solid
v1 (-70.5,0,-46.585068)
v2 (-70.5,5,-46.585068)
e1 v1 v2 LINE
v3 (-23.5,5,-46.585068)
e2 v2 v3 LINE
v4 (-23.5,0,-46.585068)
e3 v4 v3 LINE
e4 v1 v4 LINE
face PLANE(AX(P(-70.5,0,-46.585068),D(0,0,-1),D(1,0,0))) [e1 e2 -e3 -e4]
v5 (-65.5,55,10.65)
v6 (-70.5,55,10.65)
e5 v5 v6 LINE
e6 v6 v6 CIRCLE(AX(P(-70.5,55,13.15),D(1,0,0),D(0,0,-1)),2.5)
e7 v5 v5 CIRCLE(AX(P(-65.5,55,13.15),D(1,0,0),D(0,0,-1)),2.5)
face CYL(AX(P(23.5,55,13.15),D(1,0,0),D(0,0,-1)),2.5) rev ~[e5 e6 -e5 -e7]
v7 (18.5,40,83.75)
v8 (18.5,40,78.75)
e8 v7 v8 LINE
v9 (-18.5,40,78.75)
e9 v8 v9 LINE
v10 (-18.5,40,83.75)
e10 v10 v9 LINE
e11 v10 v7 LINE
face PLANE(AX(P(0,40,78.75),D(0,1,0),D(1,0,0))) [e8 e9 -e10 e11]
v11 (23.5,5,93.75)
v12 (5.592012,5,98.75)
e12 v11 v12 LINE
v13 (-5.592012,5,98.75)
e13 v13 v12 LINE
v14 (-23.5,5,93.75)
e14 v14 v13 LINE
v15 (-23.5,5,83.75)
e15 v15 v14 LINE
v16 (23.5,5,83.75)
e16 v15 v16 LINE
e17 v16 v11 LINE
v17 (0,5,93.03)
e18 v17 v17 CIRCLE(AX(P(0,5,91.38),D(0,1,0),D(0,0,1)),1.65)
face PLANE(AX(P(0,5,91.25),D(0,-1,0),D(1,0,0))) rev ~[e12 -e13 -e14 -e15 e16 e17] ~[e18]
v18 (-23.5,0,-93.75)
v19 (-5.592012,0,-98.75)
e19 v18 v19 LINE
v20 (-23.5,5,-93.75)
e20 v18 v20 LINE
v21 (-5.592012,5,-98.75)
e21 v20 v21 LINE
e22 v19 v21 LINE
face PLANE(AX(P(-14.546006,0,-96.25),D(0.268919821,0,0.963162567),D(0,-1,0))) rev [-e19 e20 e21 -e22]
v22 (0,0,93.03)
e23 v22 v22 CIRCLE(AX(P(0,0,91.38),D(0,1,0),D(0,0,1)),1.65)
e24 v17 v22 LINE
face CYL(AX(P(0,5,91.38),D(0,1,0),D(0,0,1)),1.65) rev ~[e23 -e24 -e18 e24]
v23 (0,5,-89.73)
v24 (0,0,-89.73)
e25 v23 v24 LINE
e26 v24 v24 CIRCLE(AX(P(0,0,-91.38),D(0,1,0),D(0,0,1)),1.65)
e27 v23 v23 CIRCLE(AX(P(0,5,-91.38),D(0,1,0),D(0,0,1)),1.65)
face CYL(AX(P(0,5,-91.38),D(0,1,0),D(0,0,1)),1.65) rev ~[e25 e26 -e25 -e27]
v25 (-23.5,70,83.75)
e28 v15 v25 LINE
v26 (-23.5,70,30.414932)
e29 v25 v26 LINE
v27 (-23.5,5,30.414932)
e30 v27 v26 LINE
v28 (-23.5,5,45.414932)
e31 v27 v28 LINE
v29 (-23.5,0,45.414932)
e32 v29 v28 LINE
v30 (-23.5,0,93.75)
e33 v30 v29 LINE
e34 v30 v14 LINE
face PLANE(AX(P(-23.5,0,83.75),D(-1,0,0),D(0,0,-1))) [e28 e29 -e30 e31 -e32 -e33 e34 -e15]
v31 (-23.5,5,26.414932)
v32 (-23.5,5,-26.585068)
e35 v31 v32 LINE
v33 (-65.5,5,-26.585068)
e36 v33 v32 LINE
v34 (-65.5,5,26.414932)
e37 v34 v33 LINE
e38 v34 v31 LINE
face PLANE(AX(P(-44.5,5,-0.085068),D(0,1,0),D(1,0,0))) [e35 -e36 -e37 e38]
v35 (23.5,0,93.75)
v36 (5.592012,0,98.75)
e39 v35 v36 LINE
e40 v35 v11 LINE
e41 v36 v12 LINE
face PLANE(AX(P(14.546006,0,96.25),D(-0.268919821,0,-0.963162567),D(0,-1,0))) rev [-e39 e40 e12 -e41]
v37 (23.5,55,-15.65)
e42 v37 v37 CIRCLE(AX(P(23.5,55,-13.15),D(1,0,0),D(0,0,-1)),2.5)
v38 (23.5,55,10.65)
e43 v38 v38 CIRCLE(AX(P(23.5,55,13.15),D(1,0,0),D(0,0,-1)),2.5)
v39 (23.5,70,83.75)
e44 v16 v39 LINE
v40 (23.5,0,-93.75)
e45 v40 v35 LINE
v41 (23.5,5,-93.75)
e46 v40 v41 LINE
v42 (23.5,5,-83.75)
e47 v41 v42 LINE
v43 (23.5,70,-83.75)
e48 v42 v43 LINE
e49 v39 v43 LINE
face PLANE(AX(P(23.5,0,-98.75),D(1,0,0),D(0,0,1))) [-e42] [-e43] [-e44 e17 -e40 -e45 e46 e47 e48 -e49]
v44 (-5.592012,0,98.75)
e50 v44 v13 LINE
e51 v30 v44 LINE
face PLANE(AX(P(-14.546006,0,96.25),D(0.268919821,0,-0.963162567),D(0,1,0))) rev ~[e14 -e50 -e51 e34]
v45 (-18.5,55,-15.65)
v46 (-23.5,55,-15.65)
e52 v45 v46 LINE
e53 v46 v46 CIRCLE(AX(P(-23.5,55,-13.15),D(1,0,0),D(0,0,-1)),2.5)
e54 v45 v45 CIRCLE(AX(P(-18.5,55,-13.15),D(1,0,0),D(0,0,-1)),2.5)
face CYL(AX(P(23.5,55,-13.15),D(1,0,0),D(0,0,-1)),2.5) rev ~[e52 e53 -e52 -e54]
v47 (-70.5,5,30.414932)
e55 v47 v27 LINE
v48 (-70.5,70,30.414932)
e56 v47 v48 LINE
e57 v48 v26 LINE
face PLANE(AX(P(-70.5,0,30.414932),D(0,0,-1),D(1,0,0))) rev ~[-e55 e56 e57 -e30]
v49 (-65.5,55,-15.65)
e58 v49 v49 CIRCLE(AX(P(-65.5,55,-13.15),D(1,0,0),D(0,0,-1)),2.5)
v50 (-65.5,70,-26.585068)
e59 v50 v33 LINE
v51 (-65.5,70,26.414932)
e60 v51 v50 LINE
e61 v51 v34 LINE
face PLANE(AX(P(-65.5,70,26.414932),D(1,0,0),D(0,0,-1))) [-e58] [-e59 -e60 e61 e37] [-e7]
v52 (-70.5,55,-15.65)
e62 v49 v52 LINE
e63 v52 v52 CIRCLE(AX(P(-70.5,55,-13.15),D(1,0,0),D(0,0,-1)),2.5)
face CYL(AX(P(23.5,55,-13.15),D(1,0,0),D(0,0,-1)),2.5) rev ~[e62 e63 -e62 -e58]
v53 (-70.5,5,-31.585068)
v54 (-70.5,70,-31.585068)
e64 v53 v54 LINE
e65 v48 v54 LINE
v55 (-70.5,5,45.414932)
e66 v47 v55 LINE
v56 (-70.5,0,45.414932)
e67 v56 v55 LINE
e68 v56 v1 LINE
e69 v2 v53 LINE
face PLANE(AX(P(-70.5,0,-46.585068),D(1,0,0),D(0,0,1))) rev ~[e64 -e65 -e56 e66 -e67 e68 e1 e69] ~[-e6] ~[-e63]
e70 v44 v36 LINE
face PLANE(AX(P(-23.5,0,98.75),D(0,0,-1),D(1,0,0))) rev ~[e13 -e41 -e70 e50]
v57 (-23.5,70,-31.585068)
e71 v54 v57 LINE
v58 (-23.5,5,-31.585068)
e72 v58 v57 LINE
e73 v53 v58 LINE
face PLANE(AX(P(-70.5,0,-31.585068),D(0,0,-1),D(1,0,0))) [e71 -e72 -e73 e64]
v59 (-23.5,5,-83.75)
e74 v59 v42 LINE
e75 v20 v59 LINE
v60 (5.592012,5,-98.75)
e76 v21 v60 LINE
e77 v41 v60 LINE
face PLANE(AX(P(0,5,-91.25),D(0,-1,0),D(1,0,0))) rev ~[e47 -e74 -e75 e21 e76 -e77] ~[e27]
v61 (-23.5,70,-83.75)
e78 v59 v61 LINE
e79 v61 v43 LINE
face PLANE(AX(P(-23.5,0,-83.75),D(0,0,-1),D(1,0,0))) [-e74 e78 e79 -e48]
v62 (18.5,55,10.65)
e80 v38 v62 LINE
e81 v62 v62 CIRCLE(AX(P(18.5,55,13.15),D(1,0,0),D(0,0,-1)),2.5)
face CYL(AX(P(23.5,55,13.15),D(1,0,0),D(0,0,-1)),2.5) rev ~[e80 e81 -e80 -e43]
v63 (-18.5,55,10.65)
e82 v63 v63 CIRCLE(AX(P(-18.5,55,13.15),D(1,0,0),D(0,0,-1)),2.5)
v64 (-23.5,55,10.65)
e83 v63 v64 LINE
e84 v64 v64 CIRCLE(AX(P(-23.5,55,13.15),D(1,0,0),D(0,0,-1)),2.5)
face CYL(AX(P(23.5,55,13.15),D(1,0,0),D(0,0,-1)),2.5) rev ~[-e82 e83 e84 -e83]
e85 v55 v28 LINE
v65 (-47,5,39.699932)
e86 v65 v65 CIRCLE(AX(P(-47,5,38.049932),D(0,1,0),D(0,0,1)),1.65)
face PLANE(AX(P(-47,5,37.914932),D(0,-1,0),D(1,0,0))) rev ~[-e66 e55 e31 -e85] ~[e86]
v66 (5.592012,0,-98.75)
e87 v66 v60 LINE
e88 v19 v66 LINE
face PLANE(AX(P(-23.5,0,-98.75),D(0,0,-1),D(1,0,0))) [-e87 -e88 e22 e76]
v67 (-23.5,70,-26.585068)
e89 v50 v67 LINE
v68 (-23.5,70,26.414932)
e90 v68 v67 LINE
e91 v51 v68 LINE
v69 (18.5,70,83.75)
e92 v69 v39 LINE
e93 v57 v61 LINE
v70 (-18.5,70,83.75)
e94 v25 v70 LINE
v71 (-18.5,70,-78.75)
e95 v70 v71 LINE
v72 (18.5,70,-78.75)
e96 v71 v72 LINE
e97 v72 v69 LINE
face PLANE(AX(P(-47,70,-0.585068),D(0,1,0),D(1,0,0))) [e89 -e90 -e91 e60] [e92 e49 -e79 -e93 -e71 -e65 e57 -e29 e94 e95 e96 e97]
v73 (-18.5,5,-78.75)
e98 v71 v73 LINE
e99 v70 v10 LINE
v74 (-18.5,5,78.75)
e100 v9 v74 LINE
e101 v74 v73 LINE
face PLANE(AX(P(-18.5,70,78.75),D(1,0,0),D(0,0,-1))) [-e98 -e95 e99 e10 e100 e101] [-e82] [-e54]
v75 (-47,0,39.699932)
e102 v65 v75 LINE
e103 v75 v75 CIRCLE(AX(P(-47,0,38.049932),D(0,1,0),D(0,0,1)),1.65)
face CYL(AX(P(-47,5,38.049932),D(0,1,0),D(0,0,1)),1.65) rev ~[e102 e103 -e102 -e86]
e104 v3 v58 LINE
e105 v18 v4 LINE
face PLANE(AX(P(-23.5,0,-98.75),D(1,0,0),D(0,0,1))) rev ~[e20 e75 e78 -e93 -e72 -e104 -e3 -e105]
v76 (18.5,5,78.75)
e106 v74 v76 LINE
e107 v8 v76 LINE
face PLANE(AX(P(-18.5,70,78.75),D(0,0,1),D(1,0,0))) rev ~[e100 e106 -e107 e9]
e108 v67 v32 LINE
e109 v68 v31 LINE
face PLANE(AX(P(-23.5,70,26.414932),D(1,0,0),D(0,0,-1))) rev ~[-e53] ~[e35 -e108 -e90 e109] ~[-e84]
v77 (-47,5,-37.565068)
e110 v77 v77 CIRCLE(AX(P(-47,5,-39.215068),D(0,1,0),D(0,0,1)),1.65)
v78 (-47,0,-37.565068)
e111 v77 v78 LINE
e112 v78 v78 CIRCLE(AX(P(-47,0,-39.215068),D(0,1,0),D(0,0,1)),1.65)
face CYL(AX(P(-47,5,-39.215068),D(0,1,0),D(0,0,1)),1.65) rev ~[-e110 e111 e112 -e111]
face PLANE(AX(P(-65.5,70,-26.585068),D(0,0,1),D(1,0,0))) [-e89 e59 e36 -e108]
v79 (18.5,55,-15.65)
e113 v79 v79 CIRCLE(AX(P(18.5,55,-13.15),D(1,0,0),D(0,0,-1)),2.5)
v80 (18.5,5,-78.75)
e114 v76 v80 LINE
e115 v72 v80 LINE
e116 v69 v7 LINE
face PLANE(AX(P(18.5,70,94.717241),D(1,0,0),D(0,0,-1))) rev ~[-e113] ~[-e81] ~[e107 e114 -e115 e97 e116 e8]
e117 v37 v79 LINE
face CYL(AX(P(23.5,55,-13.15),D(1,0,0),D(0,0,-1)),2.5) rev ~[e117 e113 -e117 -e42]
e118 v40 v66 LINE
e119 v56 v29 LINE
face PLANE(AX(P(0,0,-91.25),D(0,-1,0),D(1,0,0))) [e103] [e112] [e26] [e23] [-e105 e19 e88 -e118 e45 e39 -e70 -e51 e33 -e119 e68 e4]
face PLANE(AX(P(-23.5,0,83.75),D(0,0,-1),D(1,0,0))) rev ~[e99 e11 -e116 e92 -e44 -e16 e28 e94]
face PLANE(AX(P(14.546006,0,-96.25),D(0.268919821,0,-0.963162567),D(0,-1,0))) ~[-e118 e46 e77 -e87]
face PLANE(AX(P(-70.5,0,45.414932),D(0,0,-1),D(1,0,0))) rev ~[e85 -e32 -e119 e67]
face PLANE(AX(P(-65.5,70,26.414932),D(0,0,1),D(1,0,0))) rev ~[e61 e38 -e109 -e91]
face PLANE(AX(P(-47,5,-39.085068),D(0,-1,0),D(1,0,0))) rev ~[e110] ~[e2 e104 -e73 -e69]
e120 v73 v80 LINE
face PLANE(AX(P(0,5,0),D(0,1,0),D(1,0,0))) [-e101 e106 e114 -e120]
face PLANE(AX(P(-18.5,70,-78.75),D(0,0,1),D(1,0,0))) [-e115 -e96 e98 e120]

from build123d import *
from OCP.BRepFilletAPI import BRepFilletAPI_MakeChamfer

# Parameters (mm, degrees)
ESBO_O1_W                = 47
ESBO_O1_H                = 62
ESBO_O1_H_2              = 167.5
RESSALTO_EXTRUS_O1_DEPTH = 70
ESBO_O3_W                = 37
ESBO_O3_H                = 157.5
CORTE_EXTRUS_O2_DEPTH    = 65
ESBO_O5_W                = 37
ESBO_O5_H                = 31.934482306
CORTE_EXTRUS_O3_DEPTH    = 30
ESBO_O11_W               = 47
ESBO_O11_H               = 15
RESSALTO_EXTRUS_O2_DEPTH = 5
ESBO_O12_R               = 1.65
CORTE_EXTRUS_O6_DEPTH    = 138.647420971
ESBO_O14_R               = 2.5
CORTE_EXTRUS_O8_DEPTH    = 154.256525147
ESBO_O15_W               = 42
ESBO_O15_H               = 53
CORTE_EXTRUS_O10_DEPTH   = 65
CHANFRO9_SIZE            = 5
CHANFRO9_SIZE2           = 17.907987678


with BuildPart() as part:
    # Esboço1 → Ressalto-extrusão1 (new body)
    with BuildSketch(Plane(origin=(0, 0, 0), x_dir=(1, 0, 0), z_dir=(0, 1, 0))):
        with Locations((-47, 0.585067636)):
            Rectangle(ESBO_O1_W, ESBO_O1_H)
        Rectangle(ESBO_O1_W, ESBO_O1_H_2)
    extrude(amount=RESSALTO_EXTRUS_O1_DEPTH)

    # Esboço3 → Corte-extrusão2 (cut)
    with BuildSketch(Plane(origin=(0, 70, 0), x_dir=(1, 0, 0), z_dir=(0, 1, 0))):
        Rectangle(ESBO_O3_W, ESBO_O3_H)
    extrude(amount=-CORTE_EXTRUS_O2_DEPTH, mode=Mode.SUBTRACT)

    # Esboço5 → Corte-extrusão3 (cut)
    with BuildSketch(Plane(origin=(0, 70, 0), x_dir=(1, 0, 0), z_dir=(0, 1, 0))):
        with Locations((0, -78.75)):
            Rectangle(ESBO_O5_W, ESBO_O5_H)
    extrude(amount=-CORTE_EXTRUS_O3_DEPTH, mode=Mode.SUBTRACT)

    # Esboço11 → Ressalto-extrusão2 (add)
    with BuildSketch(Plane.XZ):
        with Locations((0, -91.25)):
            Rectangle(ESBO_O11_W, ESBO_O11_H)
        with Locations((0, 91.25)):
            Rectangle(ESBO_O11_W, ESBO_O11_H)
        with Locations((-47, -39.085067636)):
            Rectangle(ESBO_O11_W, ESBO_O11_H)
        with Locations((-47, 37.914932364)):
            Rectangle(ESBO_O11_W, ESBO_O11_H)
    extrude(amount=-RESSALTO_EXTRUS_O2_DEPTH)

    # Esboço12 → Corte-extrusão6 (cut, through all)
    with BuildSketch(Plane(origin=(0, 5, 0), x_dir=(1, 0, 0), z_dir=(0, 1, 0))):
        with Locations(Location((-47, -38.049932364, 0), (0, 0, 270))):
            Circle(ESBO_O12_R)
        with Locations(Location((-47, 39.215067636, 0), (0, 0, 270))):
            Circle(ESBO_O12_R)
        with Locations(Location((0, -91.38, 0), (0, 0, 270))):
            Circle(ESBO_O12_R)
        with Locations(Location((0, 91.38, 0), (0, 0, 270))):
            Circle(ESBO_O12_R)
    extrude(amount=-CORTE_EXTRUS_O6_DEPTH, mode=Mode.SUBTRACT)

    # Esboço14 → Corte-extrusão8 (cut, through all)
    with BuildSketch(Plane(origin=(23.5, 0, 0), x_dir=(0, 0, -1), z_dir=(1, 0, 0))):
        with Locations((-13.15, 55)):
            Circle(ESBO_O14_R)
        with Locations((13.15, 55)):
            Circle(ESBO_O14_R)
    extrude(amount=-CORTE_EXTRUS_O8_DEPTH, mode=Mode.SUBTRACT)

    # Esboço15 → Corte-extrusão10 (cut)
    with BuildSketch(Plane(origin=(0, 70, 0), x_dir=(1, 0, 0), z_dir=(0, 1, 0))):
        with Locations((-44.5, 0.085067636)):
            Rectangle(ESBO_O15_W, ESBO_O15_H)
    extrude(amount=-CORTE_EXTRUS_O10_DEPTH, mode=Mode.SUBTRACT)

    # Chanfro9: one chamfer whose edges measure the first distance from different faces: ONE call of the kernel's chamfer builder (chamfer() names one face for all edges)
    chanfro9_edges_1 = [part.edges().sort_by_distance(p)[0] for p in [
        (-23.5, 2.5, -98.75),
    ]]
    chanfro9_side_1 = [part.faces().sort_by_distance(p)[0] for p in [
        (-23.5, 35, -58.73896239),
    ]]
    chanfro9_edges_2 = [part.edges().sort_by_distance(p)[0] for p in [
        (23.5, 2.5, -98.75),
        (23.5, 2.5, 98.75),
    ]]
    chanfro9_side_2 = [part.faces().sort_by_distance(p)[0] for p in [
        (23.5, 34.521753359, 0),
    ]]
    chanfro9_edges_3 = [part.edges().sort_by_distance(p)[0] for p in [
        (-23.5, 2.5, 98.75),
    ]]
    chanfro9_side_3 = [part.faces().sort_by_distance(p)[0] for p in [
        (-23.5, 35, 58.153894753),
    ]]
    chanfro9 = BRepFilletAPI_MakeChamfer(part.part.solid().wrapped)
    for e in chanfro9_edges_1:
        chanfro9.Add(CHANFRO9_SIZE, CHANFRO9_SIZE2, e.wrapped, chanfro9_side_1[0].wrapped)  # the first distance lies on this face
    for e in chanfro9_edges_2:
        chanfro9.Add(CHANFRO9_SIZE, CHANFRO9_SIZE2, e.wrapped, chanfro9_side_2[0].wrapped)  # the first distance lies on this face
    for e in chanfro9_edges_3:
        chanfro9.Add(CHANFRO9_SIZE, CHANFRO9_SIZE2, e.wrapped, chanfro9_side_3[0].wrapped)  # the first distance lies on this face
    add(Compound.cast(chanfro9.Shape()), mode=Mode.REPLACE)


solid = part.part
